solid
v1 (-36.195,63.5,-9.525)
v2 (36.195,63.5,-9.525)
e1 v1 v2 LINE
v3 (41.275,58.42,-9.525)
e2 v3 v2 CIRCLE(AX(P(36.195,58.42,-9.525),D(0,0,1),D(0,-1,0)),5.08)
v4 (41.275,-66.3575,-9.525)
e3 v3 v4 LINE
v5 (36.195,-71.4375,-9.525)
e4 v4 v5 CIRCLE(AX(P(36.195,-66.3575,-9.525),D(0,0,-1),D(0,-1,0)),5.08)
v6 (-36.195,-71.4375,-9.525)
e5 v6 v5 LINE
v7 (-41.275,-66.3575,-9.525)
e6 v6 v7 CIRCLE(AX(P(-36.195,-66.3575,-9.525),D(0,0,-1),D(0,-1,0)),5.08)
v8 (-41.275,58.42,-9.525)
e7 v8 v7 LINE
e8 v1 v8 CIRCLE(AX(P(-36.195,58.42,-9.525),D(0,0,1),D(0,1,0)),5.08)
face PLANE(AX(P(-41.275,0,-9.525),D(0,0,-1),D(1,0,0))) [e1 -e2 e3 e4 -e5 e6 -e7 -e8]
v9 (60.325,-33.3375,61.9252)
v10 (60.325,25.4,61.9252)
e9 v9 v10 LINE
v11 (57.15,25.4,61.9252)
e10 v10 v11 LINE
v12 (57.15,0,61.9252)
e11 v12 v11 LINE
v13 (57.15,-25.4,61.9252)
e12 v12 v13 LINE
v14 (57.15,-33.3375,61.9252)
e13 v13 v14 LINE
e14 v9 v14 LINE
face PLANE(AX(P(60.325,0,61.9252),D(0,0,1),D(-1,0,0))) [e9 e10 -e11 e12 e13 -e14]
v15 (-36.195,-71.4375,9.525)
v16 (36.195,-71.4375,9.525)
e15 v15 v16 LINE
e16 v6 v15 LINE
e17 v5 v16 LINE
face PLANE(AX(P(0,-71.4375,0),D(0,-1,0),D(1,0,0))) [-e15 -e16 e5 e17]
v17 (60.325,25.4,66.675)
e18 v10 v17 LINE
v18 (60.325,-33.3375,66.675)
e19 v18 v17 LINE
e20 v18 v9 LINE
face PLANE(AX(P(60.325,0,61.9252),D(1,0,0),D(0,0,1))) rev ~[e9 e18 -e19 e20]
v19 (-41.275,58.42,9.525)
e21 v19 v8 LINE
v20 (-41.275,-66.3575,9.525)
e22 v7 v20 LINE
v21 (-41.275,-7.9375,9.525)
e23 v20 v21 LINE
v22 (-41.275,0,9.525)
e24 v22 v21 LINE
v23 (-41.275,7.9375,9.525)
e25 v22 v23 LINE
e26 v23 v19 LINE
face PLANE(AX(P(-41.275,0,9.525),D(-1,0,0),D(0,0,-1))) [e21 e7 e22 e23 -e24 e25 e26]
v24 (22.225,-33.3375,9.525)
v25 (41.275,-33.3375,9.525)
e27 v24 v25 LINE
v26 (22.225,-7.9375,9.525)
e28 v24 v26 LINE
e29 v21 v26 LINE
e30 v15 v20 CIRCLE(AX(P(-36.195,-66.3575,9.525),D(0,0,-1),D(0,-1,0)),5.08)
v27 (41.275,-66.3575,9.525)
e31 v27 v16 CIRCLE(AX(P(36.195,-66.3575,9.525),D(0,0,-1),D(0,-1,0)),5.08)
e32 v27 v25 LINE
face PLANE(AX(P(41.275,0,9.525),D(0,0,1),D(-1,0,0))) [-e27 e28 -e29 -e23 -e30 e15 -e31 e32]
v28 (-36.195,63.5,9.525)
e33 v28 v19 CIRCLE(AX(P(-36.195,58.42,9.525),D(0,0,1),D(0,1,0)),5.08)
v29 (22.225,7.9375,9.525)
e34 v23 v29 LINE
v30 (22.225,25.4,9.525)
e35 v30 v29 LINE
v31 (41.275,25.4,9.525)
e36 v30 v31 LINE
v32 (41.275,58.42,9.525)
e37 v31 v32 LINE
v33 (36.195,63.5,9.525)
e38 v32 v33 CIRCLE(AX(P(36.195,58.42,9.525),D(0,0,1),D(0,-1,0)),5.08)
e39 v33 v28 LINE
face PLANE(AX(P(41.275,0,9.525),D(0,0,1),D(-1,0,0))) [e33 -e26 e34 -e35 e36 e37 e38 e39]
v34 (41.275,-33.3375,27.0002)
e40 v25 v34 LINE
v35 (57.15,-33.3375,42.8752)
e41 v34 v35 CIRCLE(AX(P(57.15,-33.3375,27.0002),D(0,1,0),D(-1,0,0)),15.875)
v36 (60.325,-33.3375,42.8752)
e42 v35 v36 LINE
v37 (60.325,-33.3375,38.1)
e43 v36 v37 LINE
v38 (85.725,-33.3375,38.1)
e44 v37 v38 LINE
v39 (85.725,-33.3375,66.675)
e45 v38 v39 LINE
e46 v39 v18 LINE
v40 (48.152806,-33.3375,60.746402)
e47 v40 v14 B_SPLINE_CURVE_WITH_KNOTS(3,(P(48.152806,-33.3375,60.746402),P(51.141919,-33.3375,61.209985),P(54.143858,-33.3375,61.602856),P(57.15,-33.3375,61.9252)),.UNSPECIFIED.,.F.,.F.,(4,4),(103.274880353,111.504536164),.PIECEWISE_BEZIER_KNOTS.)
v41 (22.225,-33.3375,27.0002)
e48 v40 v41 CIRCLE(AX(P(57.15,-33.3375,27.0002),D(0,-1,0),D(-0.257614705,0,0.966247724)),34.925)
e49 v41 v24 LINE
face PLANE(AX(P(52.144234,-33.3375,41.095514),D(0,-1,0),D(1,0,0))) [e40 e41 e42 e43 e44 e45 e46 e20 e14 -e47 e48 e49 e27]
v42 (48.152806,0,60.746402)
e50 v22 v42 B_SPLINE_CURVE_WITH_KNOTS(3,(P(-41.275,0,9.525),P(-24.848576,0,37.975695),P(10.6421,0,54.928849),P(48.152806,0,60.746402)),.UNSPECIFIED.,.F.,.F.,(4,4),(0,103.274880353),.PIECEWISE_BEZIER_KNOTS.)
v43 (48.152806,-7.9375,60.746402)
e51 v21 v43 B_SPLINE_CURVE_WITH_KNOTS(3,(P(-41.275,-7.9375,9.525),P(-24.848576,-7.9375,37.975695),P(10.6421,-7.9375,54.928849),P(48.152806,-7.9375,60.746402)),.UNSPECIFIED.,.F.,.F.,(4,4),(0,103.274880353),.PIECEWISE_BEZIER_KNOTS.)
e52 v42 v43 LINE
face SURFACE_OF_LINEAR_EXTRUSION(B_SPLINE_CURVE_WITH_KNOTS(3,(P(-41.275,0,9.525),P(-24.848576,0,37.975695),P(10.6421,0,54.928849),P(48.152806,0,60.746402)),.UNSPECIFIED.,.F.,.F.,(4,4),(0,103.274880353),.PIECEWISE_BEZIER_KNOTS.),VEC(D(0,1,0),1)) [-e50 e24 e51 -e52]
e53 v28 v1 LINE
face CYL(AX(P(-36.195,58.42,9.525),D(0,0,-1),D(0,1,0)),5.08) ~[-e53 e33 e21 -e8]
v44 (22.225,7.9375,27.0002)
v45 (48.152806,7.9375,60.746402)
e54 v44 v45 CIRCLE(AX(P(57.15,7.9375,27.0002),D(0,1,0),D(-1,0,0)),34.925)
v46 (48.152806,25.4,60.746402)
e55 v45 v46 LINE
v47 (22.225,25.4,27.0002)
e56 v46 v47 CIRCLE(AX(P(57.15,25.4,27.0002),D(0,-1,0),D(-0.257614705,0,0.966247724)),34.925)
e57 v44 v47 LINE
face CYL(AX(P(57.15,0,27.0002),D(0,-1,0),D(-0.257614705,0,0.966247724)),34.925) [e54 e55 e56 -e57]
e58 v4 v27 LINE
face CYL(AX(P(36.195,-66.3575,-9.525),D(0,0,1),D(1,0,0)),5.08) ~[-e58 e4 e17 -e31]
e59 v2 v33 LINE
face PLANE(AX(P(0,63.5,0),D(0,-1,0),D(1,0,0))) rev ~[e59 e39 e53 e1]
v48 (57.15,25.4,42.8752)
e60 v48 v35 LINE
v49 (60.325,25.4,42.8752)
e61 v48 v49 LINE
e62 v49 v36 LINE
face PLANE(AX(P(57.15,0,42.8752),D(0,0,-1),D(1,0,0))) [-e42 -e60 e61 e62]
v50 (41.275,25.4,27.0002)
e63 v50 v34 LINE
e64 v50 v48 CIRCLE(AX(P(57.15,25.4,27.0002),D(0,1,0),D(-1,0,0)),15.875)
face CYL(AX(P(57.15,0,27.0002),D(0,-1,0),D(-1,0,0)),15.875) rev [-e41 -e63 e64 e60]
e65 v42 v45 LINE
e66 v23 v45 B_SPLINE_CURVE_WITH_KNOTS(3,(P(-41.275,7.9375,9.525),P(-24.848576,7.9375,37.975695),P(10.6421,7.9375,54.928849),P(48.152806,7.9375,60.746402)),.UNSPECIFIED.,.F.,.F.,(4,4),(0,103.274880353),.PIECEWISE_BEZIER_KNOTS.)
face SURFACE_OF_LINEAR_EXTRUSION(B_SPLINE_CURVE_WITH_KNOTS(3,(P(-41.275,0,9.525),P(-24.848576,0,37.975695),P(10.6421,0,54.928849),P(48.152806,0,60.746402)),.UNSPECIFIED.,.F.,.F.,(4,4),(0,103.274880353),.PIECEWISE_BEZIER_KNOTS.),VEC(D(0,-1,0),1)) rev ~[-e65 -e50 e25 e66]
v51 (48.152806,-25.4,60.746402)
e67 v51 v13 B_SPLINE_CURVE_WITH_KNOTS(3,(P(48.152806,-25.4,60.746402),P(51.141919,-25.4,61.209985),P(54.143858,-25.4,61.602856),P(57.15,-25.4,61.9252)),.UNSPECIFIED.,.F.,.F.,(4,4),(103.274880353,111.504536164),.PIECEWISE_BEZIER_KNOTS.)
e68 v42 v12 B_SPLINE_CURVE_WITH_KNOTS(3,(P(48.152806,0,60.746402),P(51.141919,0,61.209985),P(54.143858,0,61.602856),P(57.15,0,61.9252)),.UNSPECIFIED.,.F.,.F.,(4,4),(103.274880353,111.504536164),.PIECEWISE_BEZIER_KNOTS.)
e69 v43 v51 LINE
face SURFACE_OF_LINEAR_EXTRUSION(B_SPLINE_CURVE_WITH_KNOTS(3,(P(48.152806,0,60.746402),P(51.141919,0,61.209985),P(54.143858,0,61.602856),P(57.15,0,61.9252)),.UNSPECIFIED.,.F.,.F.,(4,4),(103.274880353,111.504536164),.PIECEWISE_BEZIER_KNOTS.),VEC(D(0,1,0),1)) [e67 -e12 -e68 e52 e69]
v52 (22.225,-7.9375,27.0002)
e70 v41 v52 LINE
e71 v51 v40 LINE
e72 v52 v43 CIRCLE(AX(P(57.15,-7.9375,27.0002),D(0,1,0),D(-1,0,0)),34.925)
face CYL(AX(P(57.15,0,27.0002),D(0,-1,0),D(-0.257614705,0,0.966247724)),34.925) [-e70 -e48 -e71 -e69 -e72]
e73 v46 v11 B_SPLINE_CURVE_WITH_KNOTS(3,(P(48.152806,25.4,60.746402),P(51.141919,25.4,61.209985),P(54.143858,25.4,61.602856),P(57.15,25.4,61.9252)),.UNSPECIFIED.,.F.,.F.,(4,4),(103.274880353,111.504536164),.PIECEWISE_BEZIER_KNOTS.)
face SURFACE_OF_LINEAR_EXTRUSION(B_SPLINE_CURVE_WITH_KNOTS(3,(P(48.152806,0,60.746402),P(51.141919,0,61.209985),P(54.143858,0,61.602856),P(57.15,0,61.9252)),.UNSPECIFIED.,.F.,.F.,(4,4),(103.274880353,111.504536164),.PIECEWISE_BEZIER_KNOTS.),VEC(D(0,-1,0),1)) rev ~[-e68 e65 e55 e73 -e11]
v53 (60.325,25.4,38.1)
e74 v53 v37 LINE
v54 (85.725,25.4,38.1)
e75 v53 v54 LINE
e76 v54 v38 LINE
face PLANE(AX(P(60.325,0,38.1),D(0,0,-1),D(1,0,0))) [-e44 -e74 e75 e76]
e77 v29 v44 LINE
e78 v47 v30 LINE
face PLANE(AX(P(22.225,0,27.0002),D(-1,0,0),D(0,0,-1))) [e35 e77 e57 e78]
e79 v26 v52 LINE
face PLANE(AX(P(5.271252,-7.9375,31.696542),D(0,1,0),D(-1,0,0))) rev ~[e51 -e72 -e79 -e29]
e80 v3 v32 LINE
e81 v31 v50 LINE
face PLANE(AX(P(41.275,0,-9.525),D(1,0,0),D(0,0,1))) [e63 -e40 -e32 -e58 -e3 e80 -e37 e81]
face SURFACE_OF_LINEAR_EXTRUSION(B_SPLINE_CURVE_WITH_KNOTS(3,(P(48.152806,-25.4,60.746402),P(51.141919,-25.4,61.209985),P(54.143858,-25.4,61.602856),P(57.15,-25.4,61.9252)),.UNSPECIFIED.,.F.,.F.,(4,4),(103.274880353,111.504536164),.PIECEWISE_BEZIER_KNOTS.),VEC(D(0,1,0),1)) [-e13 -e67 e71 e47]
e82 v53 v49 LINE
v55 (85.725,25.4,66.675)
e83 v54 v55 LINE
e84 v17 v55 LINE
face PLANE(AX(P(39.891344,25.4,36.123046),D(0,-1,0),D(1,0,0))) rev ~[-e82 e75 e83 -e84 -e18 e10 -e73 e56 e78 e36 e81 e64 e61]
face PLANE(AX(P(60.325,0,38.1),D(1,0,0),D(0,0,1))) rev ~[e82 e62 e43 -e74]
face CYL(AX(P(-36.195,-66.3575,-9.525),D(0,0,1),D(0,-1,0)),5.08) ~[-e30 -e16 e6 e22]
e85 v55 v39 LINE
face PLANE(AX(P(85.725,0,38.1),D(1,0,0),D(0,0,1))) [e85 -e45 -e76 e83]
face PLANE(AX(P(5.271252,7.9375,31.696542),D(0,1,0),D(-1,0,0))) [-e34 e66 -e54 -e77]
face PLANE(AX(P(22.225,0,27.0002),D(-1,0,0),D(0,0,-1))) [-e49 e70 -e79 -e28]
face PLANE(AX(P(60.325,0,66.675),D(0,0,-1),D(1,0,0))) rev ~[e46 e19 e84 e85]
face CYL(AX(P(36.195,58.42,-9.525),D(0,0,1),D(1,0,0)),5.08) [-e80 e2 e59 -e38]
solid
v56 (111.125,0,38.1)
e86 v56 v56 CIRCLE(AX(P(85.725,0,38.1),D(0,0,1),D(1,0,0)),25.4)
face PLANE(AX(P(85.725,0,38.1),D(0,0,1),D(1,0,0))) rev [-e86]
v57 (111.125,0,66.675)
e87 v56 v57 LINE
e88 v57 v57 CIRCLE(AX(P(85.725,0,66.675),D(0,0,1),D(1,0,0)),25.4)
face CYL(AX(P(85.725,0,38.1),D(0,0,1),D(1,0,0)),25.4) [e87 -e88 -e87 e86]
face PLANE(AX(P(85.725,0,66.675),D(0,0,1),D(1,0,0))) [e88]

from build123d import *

# Parameters (mm, degrees)
F1_DEPTH  = 63.5
F0_W      = 25.4
F0_H      = 4.7752
F0_H_2    = 19.05
F0_H_3    = 4.7498
F2_DEPTH  = 25.4
F1_FACE_W = 82.55
F1_FACE_H = 19.05
F3_DEPTH  = 7.9375
F5_R      = 5.08


with BuildPart() as f1:
    # F0 (on Front) → F1 (new body, symmetric)
    with BuildSketch(Plane.XZ):
        Polygon((22.225, 9.525), (-41.275, 9.525), (-41.275, -9.525), (41.275, -9.525), (41.275, 9.525), align=None)
    extrude(amount=F1_DEPTH, both=True)



with BuildPart() as f2:
    # F0 (on Front) → F2 (new body, symmetric)
    with BuildSketch(Plane.XZ):
        with BuildLine():
            Line((22.225, 27.0002), (22.225, 9.525))
            Line((22.225, 9.525), (41.275, 9.525))
            Line((41.275, 9.525), (41.275, 27.0002))
            ThreePointArc((41.275, 27.0002), (45.9246798487, 38.2255201513), (57.15, 42.8752))
            Line((57.15, 42.8752), (60.325, 42.8752))
            Line((60.325, 42.8752), (60.325, 61.9252))
            Line((60.325, 61.9252), (57.15, 61.9252))
            add(Edge.make_bspline(
                [(48.1528064191, 60.7464017517), (51.1419186041, 61.209984551), (54.1438579917, 61.6028562515), (57.15, 61.9252)],
                knots=[103.2748803526, 103.2748803526, 103.2748803526, 103.2748803526, 111.5045361635, 111.5045361635, 111.5045361635, 111.5045361635], degree=3))
            ThreePointArc((48.1528064191, 60.7464017517), (29.455392124, 48.2784593178), (22.225, 27.0002))
        make_face()
        with Locations((73.025, 40.4876)):
            Rectangle(F0_W, F0_H)
        with Locations((73.025, 52.4002)):
            Rectangle(F0_W, F0_H_2)
        with Locations((73.025, 64.3001)):
            Rectangle(F0_W, F0_H_3)
    extrude(amount=F2_DEPTH, both=True)


with BuildPart() as f1_1:
    add(f1.part)

    add(f2.part)  # F3 merges F2
    # F1_face (on face) + F2_face (on face) + F0 (on Front) → F3 (join, symmetric)
    with BuildSketch(Plane.XZ.offset(63.5)):
        Rectangle(F1_FACE_W, F1_FACE_H)
    with BuildSketch(Plane(origin=(51.9857603238, -25.4, 42.9069898017), x_dir=(1, 0, 0), z_dir=(0, -1, 0))):
        with BuildLine():
            ThreePointArc((-3.8329539047, 17.83941195), (-22.5303681998, 5.371469516), (-29.7607603238, -15.9067898017))
            Line((-29.7607603238, -15.9067898017), (-29.7607603238, -33.3819898017))
            Line((-29.7607603238, -33.3819898017), (-10.7107603238, -33.3819898017))
            Line((-10.7107603238, -33.3819898017), (-10.7107603238, -15.9067898017))
            ThreePointArc((-10.7107603238, -15.9067898017), (-6.0610804752, -4.6814696504), (5.1642396762, -0.0317898017))
            Line((5.1642396762, -0.0317898017), (8.3392396762, -0.0317898017))
            Line((8.3392396762, -0.0317898017), (8.3392396762, -4.8069898017))
            Line((8.3392396762, -4.8069898017), (33.7392396762, -4.8069898017))
            Line((33.7392396762, -4.8069898017), (33.7392396762, 23.7680101983))
            Line((33.7392396762, 23.7680101983), (8.3392396762, 23.7680101983))
            Line((8.3392396762, 23.7680101983), (8.3392396762, 19.0182101983))
            Line((8.3392396762, 19.0182101983), (5.1642396762, 19.0182101983))
            add(Edge.make_bspline(
                [(-3.8329539047, 17.83941195), (-0.8438417197, 18.3029947493), (2.1580976679, 18.6958664498), (5.1642396762, 19.0182101983)],
                knots=[103.2748803526, 103.2748803526, 103.2748803526, 103.2748803526, 111.5045361635, 111.5045361635, 111.5045361635, 111.5045361635], degree=3))
        make_face()
    with BuildSketch(Plane.XZ):
        with BuildLine():
            add(Edge.make_bspline(
                [(-41.275, 9.525), (-24.8485755783, 37.9756954043), (10.6420999739, 54.9288488393), (48.1528064191, 60.7464017517)],
                knots=[0, 0, 0, 0, 103.2748803526, 103.2748803526, 103.2748803526, 103.2748803526], degree=3))
            Line((-41.275, 9.525), (22.225, 9.525))
            Line((22.225, 9.525), (22.225, 27.0002))
            ThreePointArc((22.225, 27.0002), (29.455392124, 48.2784593178), (48.1528064191, 60.7464017517))
        make_face()
    extrude(amount=F3_DEPTH, both=True)

    # F5
    f5_edges = [f1_1.edges().sort_by_distance(p)[0] for p in [
        (-41.275, -71.4375, 0),
        (41.275, -71.4375, 0),
        (41.275, 63.5, 0),
        (-41.275, 63.5, 0),
    ]]
    fillet(f5_edges, radius=F5_R)


with BuildPart() as f4:
    # F0 (on Front) → F4 (revolve)
    with BuildSketch(Plane.XZ):
        Polygon((85.725, 66.675), (85.725, 61.9252), (85.725, 42.8752), (85.725, 38.1), (111.125, 38.1), (111.125, 66.675), align=None)
    revolve(axis=Axis((85.725, 0, 52.3875), (0, 0, 1)))


solid = Compound([f1_1.part, f4.part])
